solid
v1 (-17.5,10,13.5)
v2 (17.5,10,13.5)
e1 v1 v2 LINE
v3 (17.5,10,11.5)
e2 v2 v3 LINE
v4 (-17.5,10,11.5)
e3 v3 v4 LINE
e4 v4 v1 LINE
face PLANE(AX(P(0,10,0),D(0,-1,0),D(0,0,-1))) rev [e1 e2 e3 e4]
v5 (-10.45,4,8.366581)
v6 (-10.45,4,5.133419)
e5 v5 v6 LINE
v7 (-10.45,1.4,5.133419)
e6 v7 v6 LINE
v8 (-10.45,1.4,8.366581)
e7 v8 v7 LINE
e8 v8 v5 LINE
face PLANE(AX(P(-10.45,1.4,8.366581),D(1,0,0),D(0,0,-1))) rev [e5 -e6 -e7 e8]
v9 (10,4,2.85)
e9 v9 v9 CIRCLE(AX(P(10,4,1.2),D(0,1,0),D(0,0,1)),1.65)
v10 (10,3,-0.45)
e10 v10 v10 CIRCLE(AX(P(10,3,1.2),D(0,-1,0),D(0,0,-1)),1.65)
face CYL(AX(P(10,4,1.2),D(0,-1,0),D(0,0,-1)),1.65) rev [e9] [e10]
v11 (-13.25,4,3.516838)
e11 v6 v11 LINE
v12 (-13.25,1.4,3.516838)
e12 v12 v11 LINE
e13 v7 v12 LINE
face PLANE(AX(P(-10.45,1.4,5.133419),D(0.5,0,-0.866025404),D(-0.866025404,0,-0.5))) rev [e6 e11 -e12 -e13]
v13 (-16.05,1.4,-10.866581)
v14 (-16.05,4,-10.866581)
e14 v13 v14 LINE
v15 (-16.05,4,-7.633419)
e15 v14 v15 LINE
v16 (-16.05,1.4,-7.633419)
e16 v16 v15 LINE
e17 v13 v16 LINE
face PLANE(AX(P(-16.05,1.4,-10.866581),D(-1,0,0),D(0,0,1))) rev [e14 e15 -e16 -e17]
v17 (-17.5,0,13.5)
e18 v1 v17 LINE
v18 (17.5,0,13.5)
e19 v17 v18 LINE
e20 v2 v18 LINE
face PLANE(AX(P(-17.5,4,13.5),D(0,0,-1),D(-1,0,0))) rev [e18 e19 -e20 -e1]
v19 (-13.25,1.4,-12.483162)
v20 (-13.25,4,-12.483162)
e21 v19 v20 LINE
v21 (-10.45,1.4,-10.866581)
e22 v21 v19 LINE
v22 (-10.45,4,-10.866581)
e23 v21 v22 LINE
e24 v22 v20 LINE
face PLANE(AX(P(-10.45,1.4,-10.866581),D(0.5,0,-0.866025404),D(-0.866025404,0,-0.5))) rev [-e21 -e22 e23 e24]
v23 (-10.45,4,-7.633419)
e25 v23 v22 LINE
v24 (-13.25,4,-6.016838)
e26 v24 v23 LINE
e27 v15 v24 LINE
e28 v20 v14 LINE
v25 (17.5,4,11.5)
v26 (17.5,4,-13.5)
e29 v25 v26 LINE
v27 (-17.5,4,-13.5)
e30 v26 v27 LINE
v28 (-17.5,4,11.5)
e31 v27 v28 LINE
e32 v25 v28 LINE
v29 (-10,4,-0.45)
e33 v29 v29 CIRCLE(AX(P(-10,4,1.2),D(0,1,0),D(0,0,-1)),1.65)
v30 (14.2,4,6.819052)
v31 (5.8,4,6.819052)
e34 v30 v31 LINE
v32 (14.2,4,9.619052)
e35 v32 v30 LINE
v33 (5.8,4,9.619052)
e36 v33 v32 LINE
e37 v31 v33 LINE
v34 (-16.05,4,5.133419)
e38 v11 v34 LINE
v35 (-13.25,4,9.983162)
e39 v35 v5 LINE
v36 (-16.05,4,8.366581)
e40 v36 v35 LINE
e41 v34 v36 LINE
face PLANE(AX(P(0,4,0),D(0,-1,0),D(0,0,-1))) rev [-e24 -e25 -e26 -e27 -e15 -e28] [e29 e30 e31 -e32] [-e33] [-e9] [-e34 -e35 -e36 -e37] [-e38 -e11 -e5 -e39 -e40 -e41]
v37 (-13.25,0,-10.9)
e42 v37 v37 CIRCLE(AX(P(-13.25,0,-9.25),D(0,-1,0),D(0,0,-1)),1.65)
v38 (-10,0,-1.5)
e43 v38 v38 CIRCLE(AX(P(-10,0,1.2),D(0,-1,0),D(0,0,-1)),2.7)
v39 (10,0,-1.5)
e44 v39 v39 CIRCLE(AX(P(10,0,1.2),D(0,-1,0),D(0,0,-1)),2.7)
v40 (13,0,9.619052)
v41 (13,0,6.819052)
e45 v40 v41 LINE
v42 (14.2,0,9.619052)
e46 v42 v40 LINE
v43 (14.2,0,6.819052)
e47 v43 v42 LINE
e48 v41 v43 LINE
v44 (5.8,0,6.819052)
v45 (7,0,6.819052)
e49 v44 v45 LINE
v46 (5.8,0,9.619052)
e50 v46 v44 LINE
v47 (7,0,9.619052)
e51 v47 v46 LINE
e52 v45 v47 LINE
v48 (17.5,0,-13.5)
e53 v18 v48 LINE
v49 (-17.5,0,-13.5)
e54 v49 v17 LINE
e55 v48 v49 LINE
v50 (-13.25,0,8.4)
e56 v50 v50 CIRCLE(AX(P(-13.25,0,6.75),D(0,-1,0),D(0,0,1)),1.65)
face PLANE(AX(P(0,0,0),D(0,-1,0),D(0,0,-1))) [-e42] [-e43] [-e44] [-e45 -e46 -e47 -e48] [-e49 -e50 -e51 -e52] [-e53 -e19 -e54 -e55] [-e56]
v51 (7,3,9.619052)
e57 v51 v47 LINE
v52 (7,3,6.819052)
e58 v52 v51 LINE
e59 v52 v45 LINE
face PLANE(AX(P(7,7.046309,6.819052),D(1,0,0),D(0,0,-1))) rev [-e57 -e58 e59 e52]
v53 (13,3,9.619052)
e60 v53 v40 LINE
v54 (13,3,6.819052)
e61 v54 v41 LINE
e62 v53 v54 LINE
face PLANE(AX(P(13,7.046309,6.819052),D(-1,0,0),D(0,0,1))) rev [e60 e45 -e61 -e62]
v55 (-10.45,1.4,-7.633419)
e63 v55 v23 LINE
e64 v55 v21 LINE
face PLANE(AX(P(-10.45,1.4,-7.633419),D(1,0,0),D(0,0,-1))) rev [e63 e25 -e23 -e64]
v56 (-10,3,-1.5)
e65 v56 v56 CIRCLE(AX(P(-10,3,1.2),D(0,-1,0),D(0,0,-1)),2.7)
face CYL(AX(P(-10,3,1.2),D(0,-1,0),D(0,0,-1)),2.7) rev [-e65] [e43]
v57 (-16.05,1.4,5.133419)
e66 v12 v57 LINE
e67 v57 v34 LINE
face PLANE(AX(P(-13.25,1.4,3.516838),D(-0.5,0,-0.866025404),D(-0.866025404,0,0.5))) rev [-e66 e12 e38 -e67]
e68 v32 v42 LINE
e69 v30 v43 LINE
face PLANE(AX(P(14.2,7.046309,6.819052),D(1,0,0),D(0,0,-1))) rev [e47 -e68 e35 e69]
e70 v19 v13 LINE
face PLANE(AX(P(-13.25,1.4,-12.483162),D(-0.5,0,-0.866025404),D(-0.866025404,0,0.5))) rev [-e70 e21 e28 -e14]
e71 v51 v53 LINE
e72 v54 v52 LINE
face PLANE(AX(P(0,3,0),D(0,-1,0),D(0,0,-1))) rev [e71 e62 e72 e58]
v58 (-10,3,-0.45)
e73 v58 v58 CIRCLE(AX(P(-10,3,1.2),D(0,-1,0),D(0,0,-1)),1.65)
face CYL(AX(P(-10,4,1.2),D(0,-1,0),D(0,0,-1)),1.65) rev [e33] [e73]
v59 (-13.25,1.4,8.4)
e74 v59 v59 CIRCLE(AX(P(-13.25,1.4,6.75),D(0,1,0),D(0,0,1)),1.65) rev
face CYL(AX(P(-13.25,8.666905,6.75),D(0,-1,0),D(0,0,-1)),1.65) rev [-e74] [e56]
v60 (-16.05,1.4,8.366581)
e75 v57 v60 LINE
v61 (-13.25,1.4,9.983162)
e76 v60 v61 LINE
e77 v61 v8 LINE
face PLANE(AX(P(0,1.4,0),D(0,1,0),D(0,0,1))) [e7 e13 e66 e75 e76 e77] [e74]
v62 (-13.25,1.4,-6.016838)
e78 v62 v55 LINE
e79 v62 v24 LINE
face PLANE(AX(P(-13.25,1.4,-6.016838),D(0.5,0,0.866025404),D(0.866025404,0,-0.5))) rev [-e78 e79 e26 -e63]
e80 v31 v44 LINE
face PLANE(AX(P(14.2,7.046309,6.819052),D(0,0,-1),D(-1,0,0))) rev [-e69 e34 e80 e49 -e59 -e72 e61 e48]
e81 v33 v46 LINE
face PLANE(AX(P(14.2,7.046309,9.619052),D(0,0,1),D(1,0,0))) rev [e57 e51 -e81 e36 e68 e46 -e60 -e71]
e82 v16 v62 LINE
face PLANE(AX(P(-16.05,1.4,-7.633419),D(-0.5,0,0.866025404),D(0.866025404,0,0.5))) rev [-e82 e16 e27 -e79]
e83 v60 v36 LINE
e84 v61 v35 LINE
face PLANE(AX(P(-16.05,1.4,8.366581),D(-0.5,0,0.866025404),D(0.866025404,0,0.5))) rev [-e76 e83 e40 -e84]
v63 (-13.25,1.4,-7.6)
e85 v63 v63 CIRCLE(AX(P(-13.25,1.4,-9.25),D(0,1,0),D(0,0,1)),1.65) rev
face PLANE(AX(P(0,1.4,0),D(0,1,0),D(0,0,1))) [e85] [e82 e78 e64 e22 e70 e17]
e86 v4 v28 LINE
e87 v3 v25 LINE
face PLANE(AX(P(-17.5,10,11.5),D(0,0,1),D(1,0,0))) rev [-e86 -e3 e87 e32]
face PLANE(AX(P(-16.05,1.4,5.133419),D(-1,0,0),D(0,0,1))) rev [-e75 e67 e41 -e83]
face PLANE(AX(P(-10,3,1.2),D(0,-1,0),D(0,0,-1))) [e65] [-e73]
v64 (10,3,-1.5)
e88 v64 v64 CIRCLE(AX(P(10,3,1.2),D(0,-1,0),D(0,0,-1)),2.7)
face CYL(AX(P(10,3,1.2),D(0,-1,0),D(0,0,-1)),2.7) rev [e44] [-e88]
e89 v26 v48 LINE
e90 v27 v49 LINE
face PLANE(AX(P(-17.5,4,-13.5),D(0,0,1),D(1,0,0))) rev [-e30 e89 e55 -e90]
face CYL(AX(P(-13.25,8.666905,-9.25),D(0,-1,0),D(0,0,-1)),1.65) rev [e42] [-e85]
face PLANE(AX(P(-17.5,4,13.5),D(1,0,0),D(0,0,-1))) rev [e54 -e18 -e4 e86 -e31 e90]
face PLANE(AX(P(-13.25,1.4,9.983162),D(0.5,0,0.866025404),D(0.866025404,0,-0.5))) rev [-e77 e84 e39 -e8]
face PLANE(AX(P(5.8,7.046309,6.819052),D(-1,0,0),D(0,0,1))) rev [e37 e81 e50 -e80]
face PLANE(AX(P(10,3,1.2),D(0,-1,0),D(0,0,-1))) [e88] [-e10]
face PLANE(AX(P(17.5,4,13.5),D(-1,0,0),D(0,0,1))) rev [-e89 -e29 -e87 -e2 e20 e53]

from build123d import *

# Parameters (mm, degrees)
SKETCH3_W           = 35
SKETCH3_H           = 27
SKETCH3_R           = 1.65
BOSS_EXTRUDE2_DEPTH = 4
SKETCH5_W           = 35
SKETCH5_H           = 2
BOSS_EXTRUDE3_DEPTH = 6
SKETCH7_R           = 1.65
CUT_EXTRUDE2_DEPTH  = 4
CUT_EXTRUDE3_DEPTH  = 2.6
SKETCH9_R           = 2.7
CUT_EXTRUDE4_DEPTH  = 3
SKETCH10_W          = 1.2
SKETCH10_H          = 2.8
CUT_EXTRUDE5_DEPTH  = 4
SKETCH11_W          = 6
SKETCH11_H          = 2.8
CUT_EXTRUDE6_DEPTH  = 1


with BuildPart() as part:
    # Sketch3 → Boss-Extrude2 (new body)
    with BuildSketch(Plane(origin=(0, 0, 0), x_dir=(1, 0, 0), z_dir=(0, 1, 0))):
        Rectangle(SKETCH3_W, SKETCH3_H)
        with Locations(Location((10, -1.2, 0), (0, 0, 270))):
            Circle(SKETCH3_R, mode=Mode.SUBTRACT)
        with Locations(Location((-10, -1.2, 0), (0, 0, 90))):
            Circle(SKETCH3_R, mode=Mode.SUBTRACT)
    extrude(amount=BOSS_EXTRUDE2_DEPTH)

    # Sketch5 → Boss-Extrude3 (add)
    with BuildSketch(Plane(origin=(0, 4, 0), x_dir=(1, 0, 0), z_dir=(0, 1, 0))):
        with Locations((0, -12.5)):
            Rectangle(SKETCH5_W, SKETCH5_H)
    extrude(amount=BOSS_EXTRUDE3_DEPTH)

    # Sketch7 → Cut-Extrude2 (cut)
    with BuildSketch(Plane.XZ):
        with Locations(Location((-13.25, -9.25, 0), (0, 0, 270))):
            Circle(SKETCH7_R)
        with Locations(Location((-13.25, 6.75, 0), (0, 0, 270))):
            Circle(SKETCH7_R)
    extrude(amount=-CUT_EXTRUDE2_DEPTH, mode=Mode.SUBTRACT)

    # Sketch8 → Cut-Extrude3 (cut)
    with BuildSketch(Plane(origin=(0, 4, 0), x_dir=(1, 0, 0), z_dir=(0, 1, 0))):
        Polygon((-10.45, 7.633419246), (-10.45, 10.866580754), (-13.25, 12.483161507), (-16.05, 10.866580754), (-16.05, 7.633419246), (-13.25, 6.016838493), align=None)
        Polygon((-10.45, -5.133419246), (-13.25, -3.516838493), (-16.05, -5.133419246), (-16.05, -8.366580754), (-13.25, -9.983161507), (-10.45, -8.366580754), align=None)
    extrude(amount=-CUT_EXTRUDE3_DEPTH, mode=Mode.SUBTRACT)

    # Sketch9 → Cut-Extrude4 (cut)
    with BuildSketch(Plane.XZ):
        with Locations(Location((-10, 1.2, 0), (0, 0, 270))):
            Circle(SKETCH9_R)
        with Locations(Location((10, 1.2, 0), (0, 0, 270))):
            Circle(SKETCH9_R)
    extrude(amount=-CUT_EXTRUDE4_DEPTH, mode=Mode.SUBTRACT)

    # Sketch10 → Cut-Extrude5 (cut)
    with BuildSketch(Plane.XZ):
        with Locations((6.4, 8.219052272)):
            Rectangle(SKETCH10_W, SKETCH10_H)
        with Locations((13.6, 8.219052272)):
            Rectangle(SKETCH10_W, SKETCH10_H)
    extrude(amount=-CUT_EXTRUDE5_DEPTH, mode=Mode.SUBTRACT)

    # Sketch11 → Cut-Extrude6 (cut)
    with BuildSketch(Plane(origin=(0, 4, 0), x_dir=(1, 0, 0), z_dir=(0, 1, 0))):
        with Locations((10, -8.219052272)):
            Rectangle(SKETCH11_W, SKETCH11_H)
    extrude(amount=-CUT_EXTRUDE6_DEPTH, mode=Mode.SUBTRACT)


solid = part.part
